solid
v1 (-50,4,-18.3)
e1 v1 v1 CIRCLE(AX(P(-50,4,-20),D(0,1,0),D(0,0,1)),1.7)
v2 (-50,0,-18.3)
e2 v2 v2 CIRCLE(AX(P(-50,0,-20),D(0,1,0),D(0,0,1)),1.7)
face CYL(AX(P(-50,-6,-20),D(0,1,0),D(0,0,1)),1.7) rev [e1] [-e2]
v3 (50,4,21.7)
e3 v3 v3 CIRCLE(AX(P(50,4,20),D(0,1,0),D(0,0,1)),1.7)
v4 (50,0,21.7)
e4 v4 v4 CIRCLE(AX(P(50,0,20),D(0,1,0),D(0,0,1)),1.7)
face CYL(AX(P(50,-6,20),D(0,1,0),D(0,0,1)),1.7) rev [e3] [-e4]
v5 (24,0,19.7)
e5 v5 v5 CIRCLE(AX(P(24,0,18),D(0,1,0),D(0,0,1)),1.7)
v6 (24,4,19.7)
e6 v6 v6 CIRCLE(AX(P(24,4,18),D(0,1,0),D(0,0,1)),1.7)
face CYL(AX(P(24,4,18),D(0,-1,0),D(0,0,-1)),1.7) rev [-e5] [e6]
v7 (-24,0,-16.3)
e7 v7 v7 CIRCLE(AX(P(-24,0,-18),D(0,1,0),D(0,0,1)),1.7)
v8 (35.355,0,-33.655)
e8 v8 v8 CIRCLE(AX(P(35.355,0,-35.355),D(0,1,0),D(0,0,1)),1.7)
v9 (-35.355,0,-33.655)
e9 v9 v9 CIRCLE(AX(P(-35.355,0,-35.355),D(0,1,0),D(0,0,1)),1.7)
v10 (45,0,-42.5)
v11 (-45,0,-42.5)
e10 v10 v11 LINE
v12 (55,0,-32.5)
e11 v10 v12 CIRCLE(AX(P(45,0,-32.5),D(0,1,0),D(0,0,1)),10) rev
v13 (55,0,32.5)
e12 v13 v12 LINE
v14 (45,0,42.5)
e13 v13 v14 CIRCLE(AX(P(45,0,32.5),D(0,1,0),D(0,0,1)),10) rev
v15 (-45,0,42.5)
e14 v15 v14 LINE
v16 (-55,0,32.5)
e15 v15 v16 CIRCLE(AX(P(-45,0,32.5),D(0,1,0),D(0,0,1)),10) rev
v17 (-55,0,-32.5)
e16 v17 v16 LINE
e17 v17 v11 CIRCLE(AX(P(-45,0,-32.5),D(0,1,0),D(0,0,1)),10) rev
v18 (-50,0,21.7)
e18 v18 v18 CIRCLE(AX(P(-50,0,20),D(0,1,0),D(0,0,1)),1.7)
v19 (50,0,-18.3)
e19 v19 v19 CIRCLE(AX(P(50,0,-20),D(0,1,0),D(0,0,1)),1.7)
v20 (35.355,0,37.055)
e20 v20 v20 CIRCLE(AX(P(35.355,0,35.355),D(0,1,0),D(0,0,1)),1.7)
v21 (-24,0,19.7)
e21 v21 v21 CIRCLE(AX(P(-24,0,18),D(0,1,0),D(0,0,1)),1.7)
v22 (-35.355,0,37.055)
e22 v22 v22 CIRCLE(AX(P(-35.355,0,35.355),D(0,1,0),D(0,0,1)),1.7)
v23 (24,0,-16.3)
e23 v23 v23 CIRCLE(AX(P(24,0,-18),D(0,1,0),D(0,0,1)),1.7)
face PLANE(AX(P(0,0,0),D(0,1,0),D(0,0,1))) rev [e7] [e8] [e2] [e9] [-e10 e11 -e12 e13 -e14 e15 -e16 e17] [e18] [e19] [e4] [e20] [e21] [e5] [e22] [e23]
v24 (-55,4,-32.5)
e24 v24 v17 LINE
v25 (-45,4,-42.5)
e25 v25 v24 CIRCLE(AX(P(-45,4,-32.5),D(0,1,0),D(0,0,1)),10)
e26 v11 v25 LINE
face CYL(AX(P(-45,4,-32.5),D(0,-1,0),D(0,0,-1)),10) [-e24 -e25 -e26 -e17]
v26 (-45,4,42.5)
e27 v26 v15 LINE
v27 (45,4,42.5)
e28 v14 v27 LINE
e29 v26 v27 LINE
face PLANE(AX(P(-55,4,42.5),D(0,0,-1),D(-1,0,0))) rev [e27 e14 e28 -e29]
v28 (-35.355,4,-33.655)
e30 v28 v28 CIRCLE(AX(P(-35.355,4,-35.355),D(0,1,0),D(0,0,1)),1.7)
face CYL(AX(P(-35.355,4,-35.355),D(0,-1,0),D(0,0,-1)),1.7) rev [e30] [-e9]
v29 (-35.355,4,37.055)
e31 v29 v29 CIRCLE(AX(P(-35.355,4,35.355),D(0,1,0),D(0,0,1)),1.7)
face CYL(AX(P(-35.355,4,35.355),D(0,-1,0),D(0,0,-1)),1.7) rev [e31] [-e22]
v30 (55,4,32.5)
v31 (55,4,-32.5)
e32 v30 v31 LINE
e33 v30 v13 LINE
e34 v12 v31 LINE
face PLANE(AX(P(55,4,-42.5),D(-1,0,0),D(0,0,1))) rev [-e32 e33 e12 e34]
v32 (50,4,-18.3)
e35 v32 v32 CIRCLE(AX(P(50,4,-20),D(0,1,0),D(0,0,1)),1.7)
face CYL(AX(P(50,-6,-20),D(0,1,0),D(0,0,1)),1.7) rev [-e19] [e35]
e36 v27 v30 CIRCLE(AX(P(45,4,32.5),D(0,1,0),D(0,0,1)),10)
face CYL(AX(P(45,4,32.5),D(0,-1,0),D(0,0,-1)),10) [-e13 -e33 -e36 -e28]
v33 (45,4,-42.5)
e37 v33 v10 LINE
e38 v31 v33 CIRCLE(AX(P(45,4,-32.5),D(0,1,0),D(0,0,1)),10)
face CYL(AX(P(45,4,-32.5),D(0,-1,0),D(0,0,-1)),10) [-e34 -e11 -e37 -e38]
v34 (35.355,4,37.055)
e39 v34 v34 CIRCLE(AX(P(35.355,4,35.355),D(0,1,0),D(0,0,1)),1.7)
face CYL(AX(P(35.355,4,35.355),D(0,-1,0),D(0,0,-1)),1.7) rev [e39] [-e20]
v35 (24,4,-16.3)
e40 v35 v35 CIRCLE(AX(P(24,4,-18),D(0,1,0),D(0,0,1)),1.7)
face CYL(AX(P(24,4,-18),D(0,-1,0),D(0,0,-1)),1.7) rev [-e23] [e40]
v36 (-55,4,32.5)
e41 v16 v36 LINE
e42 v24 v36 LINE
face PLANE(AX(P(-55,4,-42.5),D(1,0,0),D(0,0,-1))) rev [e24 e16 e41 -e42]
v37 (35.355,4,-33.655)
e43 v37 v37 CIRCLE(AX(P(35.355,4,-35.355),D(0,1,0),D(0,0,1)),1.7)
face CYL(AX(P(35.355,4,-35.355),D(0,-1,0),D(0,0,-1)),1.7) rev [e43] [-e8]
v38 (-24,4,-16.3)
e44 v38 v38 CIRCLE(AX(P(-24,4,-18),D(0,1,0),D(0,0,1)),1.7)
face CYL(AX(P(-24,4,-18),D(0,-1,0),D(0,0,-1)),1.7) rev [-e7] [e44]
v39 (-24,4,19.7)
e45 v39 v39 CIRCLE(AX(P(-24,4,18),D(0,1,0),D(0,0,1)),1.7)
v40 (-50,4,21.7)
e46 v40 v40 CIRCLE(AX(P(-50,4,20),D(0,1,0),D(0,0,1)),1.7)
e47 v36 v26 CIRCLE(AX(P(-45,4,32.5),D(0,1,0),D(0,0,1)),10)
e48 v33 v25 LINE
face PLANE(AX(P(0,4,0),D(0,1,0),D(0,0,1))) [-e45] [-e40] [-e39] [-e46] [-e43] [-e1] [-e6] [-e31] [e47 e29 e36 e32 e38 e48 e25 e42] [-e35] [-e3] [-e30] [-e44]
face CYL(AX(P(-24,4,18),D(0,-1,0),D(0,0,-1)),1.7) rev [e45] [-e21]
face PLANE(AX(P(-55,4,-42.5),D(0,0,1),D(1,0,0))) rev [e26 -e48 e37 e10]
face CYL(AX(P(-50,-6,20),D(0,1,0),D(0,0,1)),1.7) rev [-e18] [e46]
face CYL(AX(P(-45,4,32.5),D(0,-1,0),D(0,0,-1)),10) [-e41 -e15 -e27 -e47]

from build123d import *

# Parameters (mm, degrees)
SKETCH_1_W          = 110
SKETCH_1_H          = 85
SKETCH_1_R          = 1.7
EXTRUDE_1_DEPTH     = 4
SKETCH_2_R          = 1.7
CUT_EXTRUDE_1_DEPTH = 10
FILLET_1_R          = 10


with BuildPart() as part:
    # 草图1 → 凸台-拉伸1 (new body)
    with BuildSketch(Plane(origin=(0, 0, 0), x_dir=(1, 0, 0), z_dir=(0, 1, 0))):
        Rectangle(SKETCH_1_W, SKETCH_1_H)
        with Locations(Location((24, 18, 0), (0, 0, 270))):
            Circle(SKETCH_1_R, mode=Mode.SUBTRACT)
        with Locations(Location((-24, 18, 0), (0, 0, 270))):
            Circle(SKETCH_1_R, mode=Mode.SUBTRACT)
        with Locations(Location((-24, -18, 0), (0, 0, 270))):
            Circle(SKETCH_1_R, mode=Mode.SUBTRACT)
        with Locations(Location((24, -18, 0), (0, 0, 270))):
            Circle(SKETCH_1_R, mode=Mode.SUBTRACT)
        with Locations(Location((-35.355, 35.355, 0), (0, 0, 270))):
            Circle(SKETCH_1_R, mode=Mode.SUBTRACT)
        with Locations(Location((35.355, 35.355, 0), (0, 0, 270))):
            Circle(SKETCH_1_R, mode=Mode.SUBTRACT)
        with Locations(Location((35.355, -35.355, 0), (0, 0, 270))):
            Circle(SKETCH_1_R, mode=Mode.SUBTRACT)
        with Locations(Location((-35.355, -35.355, 0), (0, 0, 270))):
            Circle(SKETCH_1_R, mode=Mode.SUBTRACT)
    extrude(amount=EXTRUDE_1_DEPTH)

    # 草图2 → 切除-拉伸1 (cut)
    with BuildSketch(Plane(origin=(0, 4, 0), x_dir=(1, 0, 0), z_dir=(0, 1, 0))):
        with Locations(Location((50, 20, 0), (0, 0, 270))):
            Circle(SKETCH_2_R)
        with Locations(Location((50, -20, 0), (0, 0, 270))):
            Circle(SKETCH_2_R)
        with Locations(Location((-50, 20, 0), (0, 0, 270))):
            Circle(SKETCH_2_R)
        with Locations(Location((-50, -20, 0), (0, 0, 270))):
            Circle(SKETCH_2_R)
    extrude(amount=-CUT_EXTRUDE_1_DEPTH, mode=Mode.SUBTRACT)

    # 圆角1
    fillet_1_edges = [part.edges().sort_by_distance(p)[0] for p in [
        (55, 2, 42.5),
        (-55, 2, 42.5),
        (-55, 2, -42.5),
        (55, 2, -42.5),
    ]]
    fillet(fillet_1_edges, radius=FILLET_1_R)


solid = part.part
